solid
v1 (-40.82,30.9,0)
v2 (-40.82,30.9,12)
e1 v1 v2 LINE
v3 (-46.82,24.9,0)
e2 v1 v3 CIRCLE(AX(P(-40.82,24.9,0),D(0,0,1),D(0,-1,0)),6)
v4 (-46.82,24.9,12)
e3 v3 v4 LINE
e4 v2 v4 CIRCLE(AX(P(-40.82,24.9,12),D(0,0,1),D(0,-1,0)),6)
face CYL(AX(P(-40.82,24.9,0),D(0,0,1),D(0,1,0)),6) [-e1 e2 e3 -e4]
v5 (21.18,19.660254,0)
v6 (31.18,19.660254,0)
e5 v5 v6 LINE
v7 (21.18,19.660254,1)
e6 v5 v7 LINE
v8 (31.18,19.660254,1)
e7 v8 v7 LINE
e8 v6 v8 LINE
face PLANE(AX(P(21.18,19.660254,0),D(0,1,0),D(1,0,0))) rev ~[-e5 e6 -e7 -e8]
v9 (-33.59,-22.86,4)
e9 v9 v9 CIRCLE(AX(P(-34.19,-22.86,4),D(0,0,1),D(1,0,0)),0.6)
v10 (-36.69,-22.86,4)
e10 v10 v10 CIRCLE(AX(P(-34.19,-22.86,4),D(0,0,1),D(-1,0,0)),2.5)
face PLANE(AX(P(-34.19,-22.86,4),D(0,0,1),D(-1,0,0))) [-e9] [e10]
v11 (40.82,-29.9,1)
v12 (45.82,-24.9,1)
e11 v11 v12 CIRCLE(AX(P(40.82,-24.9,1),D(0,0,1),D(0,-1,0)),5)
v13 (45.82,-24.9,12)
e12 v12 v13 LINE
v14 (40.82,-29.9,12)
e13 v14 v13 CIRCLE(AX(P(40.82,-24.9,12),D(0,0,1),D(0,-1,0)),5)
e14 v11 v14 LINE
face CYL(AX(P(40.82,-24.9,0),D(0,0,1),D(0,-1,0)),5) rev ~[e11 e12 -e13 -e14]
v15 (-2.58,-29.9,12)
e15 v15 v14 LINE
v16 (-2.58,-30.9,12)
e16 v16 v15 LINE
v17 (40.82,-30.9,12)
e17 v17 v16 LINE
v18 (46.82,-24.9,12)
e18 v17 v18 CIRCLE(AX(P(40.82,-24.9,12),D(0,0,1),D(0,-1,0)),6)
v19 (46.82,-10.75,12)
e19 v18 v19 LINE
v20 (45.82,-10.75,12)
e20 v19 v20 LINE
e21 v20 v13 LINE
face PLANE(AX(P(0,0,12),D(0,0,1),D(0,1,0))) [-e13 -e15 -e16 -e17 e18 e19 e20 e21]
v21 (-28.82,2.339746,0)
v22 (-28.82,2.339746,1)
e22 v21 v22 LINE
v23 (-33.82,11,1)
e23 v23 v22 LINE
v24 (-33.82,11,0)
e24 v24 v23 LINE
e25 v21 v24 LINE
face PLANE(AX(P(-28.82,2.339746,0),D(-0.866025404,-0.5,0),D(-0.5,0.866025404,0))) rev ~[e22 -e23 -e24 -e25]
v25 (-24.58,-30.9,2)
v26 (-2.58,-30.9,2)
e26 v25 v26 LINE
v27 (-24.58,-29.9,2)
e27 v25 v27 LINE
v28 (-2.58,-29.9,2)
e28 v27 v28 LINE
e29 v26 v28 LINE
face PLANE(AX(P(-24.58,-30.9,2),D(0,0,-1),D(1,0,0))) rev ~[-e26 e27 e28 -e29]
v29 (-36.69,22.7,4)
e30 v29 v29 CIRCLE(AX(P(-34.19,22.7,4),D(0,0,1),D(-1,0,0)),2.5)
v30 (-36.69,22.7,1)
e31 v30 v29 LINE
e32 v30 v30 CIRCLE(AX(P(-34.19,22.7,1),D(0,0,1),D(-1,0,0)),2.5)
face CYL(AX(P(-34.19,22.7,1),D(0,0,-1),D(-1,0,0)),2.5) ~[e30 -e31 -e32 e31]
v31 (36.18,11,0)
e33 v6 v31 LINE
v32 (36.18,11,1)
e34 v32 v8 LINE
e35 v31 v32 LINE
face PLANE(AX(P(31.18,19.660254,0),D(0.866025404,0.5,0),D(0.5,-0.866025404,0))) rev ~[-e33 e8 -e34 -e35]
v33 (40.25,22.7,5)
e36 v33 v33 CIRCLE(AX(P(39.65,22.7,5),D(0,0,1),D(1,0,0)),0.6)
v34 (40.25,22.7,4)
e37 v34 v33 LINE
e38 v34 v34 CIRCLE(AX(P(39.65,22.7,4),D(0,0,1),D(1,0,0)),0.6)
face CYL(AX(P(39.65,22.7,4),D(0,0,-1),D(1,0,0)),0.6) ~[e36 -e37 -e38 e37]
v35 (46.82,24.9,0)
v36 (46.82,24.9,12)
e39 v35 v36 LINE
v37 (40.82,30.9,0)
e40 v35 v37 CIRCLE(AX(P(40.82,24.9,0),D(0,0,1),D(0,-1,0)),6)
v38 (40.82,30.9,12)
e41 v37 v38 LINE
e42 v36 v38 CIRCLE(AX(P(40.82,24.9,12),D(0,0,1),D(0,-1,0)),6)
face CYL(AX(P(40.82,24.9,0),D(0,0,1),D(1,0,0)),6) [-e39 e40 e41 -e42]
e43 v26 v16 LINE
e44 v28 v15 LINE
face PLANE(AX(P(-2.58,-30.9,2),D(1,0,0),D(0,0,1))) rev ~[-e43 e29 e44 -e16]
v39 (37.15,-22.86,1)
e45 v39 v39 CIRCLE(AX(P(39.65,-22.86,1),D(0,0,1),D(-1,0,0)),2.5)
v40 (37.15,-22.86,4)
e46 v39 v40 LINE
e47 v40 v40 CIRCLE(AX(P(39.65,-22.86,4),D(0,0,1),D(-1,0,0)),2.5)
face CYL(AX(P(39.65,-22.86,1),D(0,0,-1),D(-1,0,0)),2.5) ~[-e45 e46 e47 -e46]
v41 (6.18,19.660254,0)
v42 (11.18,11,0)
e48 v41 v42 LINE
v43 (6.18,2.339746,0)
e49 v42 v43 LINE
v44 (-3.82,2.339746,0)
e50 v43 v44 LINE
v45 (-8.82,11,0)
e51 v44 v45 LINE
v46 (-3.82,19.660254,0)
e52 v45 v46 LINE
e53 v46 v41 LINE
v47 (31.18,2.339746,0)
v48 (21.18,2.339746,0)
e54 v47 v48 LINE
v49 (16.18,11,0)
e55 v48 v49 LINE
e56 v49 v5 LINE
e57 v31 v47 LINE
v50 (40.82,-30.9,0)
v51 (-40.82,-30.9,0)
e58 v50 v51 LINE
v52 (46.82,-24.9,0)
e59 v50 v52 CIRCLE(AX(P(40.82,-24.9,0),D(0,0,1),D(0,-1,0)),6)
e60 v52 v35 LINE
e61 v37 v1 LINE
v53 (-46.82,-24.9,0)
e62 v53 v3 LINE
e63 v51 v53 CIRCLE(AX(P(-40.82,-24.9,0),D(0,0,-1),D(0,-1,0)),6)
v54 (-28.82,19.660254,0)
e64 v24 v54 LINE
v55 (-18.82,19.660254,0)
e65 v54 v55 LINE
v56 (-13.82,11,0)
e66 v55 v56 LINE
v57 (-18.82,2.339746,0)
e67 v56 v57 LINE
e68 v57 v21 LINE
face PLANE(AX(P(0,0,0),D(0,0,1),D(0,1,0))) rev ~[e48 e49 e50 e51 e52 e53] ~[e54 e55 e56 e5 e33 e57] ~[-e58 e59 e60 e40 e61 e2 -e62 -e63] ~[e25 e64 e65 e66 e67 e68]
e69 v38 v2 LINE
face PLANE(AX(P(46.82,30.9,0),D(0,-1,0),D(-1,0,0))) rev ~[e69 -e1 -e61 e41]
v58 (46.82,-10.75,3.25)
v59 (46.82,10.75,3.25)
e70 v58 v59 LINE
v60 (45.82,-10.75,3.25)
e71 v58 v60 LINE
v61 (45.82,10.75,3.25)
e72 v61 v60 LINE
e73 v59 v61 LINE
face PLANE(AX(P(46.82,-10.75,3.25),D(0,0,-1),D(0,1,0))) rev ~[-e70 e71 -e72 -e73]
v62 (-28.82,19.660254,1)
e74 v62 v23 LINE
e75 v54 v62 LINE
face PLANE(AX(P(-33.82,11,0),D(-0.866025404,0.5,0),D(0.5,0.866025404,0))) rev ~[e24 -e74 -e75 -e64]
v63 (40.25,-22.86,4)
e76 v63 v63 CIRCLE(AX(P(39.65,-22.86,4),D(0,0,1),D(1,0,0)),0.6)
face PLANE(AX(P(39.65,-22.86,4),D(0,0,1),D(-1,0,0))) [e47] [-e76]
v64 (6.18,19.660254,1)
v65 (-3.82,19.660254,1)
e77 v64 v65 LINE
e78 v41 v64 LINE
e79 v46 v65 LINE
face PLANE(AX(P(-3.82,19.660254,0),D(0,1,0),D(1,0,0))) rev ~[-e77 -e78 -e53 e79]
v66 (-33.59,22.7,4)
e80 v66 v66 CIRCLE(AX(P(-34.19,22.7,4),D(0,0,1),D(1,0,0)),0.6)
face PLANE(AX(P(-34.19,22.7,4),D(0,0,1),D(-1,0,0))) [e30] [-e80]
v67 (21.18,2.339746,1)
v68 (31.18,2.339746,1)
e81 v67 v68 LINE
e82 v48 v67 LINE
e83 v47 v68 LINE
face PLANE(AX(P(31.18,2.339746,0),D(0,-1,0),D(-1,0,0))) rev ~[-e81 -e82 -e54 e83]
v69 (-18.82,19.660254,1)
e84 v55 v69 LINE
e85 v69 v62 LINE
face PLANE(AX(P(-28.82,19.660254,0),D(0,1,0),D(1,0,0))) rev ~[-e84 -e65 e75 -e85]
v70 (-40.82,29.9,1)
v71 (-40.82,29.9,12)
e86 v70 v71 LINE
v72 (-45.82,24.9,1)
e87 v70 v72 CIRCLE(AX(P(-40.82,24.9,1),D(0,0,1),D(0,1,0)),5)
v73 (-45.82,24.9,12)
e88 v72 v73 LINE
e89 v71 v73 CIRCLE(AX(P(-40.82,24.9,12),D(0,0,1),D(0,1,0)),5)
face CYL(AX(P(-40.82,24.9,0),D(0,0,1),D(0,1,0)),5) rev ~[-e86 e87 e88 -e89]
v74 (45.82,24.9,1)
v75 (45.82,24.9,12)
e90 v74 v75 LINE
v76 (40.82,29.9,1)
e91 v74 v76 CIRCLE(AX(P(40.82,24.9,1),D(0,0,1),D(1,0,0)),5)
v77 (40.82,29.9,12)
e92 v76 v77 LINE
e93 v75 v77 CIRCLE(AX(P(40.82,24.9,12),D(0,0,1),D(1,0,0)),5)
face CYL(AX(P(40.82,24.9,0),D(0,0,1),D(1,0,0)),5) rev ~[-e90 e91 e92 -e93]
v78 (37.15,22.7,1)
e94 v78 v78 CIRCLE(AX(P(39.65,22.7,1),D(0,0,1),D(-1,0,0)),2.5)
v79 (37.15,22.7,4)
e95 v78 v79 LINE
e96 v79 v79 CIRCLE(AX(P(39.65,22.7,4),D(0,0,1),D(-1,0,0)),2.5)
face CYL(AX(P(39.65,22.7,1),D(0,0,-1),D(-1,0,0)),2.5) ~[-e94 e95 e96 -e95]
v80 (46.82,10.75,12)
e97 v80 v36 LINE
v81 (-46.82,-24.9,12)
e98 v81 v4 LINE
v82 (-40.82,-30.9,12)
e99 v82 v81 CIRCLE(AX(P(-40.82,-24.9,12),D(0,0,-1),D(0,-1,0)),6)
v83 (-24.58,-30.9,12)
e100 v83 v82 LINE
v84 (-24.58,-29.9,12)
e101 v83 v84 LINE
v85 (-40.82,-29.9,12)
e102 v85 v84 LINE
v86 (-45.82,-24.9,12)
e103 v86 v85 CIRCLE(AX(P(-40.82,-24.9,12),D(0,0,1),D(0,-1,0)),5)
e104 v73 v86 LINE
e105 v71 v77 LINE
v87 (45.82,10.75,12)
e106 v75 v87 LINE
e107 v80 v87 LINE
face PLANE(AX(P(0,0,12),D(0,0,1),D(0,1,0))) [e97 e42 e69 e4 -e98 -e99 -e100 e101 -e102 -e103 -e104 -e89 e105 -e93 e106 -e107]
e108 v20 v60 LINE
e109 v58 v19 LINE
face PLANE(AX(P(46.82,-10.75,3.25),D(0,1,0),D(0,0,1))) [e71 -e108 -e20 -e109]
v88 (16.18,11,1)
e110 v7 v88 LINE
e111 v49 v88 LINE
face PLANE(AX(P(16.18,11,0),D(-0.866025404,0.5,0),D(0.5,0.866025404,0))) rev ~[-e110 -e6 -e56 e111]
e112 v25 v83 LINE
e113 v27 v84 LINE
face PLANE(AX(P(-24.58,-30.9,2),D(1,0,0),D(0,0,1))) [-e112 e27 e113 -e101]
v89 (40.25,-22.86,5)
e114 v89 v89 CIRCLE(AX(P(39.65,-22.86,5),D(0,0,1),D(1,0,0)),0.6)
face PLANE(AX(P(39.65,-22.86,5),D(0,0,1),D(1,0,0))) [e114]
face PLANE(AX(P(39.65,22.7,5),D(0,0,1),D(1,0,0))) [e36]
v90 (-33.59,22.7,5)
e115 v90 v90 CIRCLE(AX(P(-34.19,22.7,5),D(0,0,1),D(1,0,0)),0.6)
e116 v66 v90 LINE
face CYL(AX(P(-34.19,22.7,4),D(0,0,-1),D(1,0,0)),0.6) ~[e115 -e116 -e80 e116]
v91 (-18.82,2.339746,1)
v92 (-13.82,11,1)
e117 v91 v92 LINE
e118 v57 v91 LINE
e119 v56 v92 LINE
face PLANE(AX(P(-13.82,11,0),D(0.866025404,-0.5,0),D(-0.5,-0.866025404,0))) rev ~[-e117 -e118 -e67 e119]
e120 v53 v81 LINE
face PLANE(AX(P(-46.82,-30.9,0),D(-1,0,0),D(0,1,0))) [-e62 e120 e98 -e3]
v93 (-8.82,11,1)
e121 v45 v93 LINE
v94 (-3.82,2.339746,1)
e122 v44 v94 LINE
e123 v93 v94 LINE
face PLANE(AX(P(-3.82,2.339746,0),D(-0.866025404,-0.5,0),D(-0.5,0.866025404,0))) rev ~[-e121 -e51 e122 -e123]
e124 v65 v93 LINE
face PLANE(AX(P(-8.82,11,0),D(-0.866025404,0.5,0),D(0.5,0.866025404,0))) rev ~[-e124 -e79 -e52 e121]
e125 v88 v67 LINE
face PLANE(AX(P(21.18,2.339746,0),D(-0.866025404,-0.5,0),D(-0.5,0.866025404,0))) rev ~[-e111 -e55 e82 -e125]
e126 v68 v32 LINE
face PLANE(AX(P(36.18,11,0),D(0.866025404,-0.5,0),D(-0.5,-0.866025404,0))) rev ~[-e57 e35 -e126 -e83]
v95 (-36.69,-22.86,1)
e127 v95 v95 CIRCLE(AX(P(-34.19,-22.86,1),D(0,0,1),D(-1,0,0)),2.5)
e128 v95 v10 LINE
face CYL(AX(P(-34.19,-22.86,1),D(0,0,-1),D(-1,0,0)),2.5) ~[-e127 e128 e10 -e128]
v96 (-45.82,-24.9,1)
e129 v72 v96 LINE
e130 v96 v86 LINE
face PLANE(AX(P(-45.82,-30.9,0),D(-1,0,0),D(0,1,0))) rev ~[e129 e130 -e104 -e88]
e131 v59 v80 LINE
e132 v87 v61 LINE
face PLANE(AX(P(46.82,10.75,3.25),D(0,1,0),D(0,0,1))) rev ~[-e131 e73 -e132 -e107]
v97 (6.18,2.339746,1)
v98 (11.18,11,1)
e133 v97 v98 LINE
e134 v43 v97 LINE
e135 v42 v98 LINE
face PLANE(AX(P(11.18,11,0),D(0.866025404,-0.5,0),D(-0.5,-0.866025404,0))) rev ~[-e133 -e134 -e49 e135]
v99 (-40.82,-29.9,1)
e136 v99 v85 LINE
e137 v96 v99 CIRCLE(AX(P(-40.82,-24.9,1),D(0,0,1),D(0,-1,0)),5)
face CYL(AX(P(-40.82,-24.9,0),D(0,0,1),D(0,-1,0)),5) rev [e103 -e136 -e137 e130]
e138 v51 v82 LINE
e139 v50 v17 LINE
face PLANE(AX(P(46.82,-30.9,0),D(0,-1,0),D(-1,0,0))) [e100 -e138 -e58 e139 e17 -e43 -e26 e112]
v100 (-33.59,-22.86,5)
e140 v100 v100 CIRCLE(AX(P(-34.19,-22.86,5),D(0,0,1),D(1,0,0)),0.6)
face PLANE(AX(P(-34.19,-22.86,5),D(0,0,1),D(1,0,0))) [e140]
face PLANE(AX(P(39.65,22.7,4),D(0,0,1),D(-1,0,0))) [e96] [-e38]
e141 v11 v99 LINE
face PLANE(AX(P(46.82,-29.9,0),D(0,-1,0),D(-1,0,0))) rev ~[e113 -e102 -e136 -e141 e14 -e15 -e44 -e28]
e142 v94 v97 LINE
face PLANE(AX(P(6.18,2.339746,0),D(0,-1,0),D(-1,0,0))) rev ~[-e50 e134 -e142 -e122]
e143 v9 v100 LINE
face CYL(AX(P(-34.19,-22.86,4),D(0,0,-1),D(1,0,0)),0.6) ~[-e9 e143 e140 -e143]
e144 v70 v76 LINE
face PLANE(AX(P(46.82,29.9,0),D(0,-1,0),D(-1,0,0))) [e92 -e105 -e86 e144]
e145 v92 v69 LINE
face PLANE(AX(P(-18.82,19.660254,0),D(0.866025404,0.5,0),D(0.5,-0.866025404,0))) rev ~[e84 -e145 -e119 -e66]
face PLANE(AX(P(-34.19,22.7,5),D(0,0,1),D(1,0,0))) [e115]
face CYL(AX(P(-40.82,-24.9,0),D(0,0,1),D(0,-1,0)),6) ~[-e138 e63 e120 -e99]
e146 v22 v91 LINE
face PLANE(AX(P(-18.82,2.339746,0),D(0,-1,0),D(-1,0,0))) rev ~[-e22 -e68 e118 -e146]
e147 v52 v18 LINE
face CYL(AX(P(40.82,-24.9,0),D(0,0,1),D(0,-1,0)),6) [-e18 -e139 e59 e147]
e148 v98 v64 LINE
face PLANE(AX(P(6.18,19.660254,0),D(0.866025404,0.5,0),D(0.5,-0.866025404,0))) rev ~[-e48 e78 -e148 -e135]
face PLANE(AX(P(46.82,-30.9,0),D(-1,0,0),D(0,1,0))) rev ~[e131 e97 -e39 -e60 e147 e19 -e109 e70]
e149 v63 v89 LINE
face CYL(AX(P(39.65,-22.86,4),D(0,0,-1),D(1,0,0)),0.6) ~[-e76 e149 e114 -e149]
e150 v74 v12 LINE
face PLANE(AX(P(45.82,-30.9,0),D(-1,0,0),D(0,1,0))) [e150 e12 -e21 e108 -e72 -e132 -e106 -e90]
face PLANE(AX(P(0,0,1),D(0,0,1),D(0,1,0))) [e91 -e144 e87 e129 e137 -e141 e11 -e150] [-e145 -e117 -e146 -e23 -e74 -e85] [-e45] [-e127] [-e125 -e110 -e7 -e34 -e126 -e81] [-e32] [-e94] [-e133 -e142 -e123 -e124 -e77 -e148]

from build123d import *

# Parameters (mm, degrees)
SKIZZE1_W                       = 61.8
SKIZZE1_H                       = 93.64
AUFSATZ_LINEAR_AUSTRAGEN1_DEPTH = 12
VERRUNDUNG1_R                   = 6
WANDUNG1_T                      = -1
SKIZZE2_W                       = 21.5
SKIZZE2_H                       = 17.5
SCHNITT_LINEAR_AUSTRAGEN1_DEPTH = 6
SKIZZE3_W                       = 22
SKIZZE3_H                       = 10
SCHNITT_LINEAR_AUSTRAGEN2_DEPTH = 6
SCHNITT_LINEAR_AUSTRAGEN4_DEPTH = 6
LINEARES_MUSTER1_COUNT          = 3
LINEARES_MUSTER1_PITCH          = 25
SKIZZE5_R                       = 2.5
AUFSATZ_LINEAR_AUSTRAGEN2_DEPTH = 3
SKIZZE6_R                       = 0.6
AUFSATZ_LINEAR_AUSTRAGEN3_DEPTH = 1


with BuildPart() as part:
    # Skizze1 → Aufsatz-Linear austragen1 (new body)
    with BuildSketch(Plane(origin=(0, 0, 0), x_dir=(0, 1, 0), z_dir=(0, 0, 1))):
        Rectangle(SKIZZE1_W, SKIZZE1_H)
    extrude(amount=AUFSATZ_LINEAR_AUSTRAGEN1_DEPTH)

    # Verrundung1
    verrundung1_edges = [part.edges().sort_by_distance(p)[0] for p in [
        (46.82, 30.9, 6),
        (46.82, -30.9, 6),
        (-46.82, -30.9, 6),
        (-46.82, 30.9, 6),
    ]]
    fillet(verrundung1_edges, radius=VERRUNDUNG1_R)

    # Wandung1
    wandung1_openings = [part.faces().sort_by_distance(p)[0] for p in [
        (0, 0, 12),
    ]]
    offset(amount=WANDUNG1_T, openings=wandung1_openings, kind=Kind.INTERSECTION)

    # Skizze2 → Schnitt-Linear austragen1 (cut)
    with BuildSketch(Plane.YZ.offset(46.82)):
        with Locations((0, 12)):
            Rectangle(SKIZZE2_W, SKIZZE2_H)
    extrude(amount=-SCHNITT_LINEAR_AUSTRAGEN1_DEPTH, mode=Mode.SUBTRACT)

    # Skizze3 → Schnitt-Linear austragen2 (cut)
    with BuildSketch(Plane.XZ.offset(30.9)):
        with Locations((-13.58, 7)):
            Rectangle(SKIZZE3_W, SKIZZE3_H)
    extrude(amount=-SCHNITT_LINEAR_AUSTRAGEN2_DEPTH, mode=Mode.SUBTRACT)

    # Skizze4 → Schnitt-Linear austragen4 (cut)
    with BuildSketch(Plane(origin=(0, 0, 0), x_dir=(1, 0, 0), z_dir=(0, 0, -1))):
        Polygon((-18.82, -2.339745962), (-28.82, -2.339745962), (-33.82, -11), (-28.82, -19.660254038), (-18.82, -19.660254038), (-13.82, -11), align=None)
    schnitt_linear_austragen4 = extrude(amount=-SCHNITT_LINEAR_AUSTRAGEN4_DEPTH, mode=Mode.SUBTRACT)

    # Lineares Muster1: Schnitt-Linear austragen4 ×3
    with Locations(*[(i * LINEARES_MUSTER1_PITCH, 0, 0) for i in range(1, LINEARES_MUSTER1_COUNT)]):
        add(schnitt_linear_austragen4, mode=Mode.SUBTRACT)

    # Skizze5 → Aufsatz-Linear austragen2 (add)
    with BuildSketch(Plane.XY.offset(1)):
        with Locations(Location((-34.19, 22.7, 0), (0, 0, 180))):
            Circle(SKIZZE5_R)
        with Locations(Location((39.65, 22.7, 0), (0, 0, 180))):
            Circle(SKIZZE5_R)
        with Locations(Location((39.65, -22.86, 0), (0, 0, 180))):
            Circle(SKIZZE5_R)
        with Locations(Location((-34.19, -22.86, 0), (0, 0, 180))):
            Circle(SKIZZE5_R)
    extrude(amount=AUFSATZ_LINEAR_AUSTRAGEN2_DEPTH)

    # Skizze6 → Aufsatz-Linear austragen3 (add)
    with BuildSketch(Plane.XY.offset(4)):
        with Locations((-34.19, 22.7)):
            Circle(SKIZZE6_R)
        with Locations((-34.19, -22.86)):
            Circle(SKIZZE6_R)
        with Locations((39.65, -22.86)):
            Circle(SKIZZE6_R)
        with Locations((39.65, 22.7)):
            Circle(SKIZZE6_R)
    extrude(amount=AUFSATZ_LINEAR_AUSTRAGEN3_DEPTH)


solid = part.part
